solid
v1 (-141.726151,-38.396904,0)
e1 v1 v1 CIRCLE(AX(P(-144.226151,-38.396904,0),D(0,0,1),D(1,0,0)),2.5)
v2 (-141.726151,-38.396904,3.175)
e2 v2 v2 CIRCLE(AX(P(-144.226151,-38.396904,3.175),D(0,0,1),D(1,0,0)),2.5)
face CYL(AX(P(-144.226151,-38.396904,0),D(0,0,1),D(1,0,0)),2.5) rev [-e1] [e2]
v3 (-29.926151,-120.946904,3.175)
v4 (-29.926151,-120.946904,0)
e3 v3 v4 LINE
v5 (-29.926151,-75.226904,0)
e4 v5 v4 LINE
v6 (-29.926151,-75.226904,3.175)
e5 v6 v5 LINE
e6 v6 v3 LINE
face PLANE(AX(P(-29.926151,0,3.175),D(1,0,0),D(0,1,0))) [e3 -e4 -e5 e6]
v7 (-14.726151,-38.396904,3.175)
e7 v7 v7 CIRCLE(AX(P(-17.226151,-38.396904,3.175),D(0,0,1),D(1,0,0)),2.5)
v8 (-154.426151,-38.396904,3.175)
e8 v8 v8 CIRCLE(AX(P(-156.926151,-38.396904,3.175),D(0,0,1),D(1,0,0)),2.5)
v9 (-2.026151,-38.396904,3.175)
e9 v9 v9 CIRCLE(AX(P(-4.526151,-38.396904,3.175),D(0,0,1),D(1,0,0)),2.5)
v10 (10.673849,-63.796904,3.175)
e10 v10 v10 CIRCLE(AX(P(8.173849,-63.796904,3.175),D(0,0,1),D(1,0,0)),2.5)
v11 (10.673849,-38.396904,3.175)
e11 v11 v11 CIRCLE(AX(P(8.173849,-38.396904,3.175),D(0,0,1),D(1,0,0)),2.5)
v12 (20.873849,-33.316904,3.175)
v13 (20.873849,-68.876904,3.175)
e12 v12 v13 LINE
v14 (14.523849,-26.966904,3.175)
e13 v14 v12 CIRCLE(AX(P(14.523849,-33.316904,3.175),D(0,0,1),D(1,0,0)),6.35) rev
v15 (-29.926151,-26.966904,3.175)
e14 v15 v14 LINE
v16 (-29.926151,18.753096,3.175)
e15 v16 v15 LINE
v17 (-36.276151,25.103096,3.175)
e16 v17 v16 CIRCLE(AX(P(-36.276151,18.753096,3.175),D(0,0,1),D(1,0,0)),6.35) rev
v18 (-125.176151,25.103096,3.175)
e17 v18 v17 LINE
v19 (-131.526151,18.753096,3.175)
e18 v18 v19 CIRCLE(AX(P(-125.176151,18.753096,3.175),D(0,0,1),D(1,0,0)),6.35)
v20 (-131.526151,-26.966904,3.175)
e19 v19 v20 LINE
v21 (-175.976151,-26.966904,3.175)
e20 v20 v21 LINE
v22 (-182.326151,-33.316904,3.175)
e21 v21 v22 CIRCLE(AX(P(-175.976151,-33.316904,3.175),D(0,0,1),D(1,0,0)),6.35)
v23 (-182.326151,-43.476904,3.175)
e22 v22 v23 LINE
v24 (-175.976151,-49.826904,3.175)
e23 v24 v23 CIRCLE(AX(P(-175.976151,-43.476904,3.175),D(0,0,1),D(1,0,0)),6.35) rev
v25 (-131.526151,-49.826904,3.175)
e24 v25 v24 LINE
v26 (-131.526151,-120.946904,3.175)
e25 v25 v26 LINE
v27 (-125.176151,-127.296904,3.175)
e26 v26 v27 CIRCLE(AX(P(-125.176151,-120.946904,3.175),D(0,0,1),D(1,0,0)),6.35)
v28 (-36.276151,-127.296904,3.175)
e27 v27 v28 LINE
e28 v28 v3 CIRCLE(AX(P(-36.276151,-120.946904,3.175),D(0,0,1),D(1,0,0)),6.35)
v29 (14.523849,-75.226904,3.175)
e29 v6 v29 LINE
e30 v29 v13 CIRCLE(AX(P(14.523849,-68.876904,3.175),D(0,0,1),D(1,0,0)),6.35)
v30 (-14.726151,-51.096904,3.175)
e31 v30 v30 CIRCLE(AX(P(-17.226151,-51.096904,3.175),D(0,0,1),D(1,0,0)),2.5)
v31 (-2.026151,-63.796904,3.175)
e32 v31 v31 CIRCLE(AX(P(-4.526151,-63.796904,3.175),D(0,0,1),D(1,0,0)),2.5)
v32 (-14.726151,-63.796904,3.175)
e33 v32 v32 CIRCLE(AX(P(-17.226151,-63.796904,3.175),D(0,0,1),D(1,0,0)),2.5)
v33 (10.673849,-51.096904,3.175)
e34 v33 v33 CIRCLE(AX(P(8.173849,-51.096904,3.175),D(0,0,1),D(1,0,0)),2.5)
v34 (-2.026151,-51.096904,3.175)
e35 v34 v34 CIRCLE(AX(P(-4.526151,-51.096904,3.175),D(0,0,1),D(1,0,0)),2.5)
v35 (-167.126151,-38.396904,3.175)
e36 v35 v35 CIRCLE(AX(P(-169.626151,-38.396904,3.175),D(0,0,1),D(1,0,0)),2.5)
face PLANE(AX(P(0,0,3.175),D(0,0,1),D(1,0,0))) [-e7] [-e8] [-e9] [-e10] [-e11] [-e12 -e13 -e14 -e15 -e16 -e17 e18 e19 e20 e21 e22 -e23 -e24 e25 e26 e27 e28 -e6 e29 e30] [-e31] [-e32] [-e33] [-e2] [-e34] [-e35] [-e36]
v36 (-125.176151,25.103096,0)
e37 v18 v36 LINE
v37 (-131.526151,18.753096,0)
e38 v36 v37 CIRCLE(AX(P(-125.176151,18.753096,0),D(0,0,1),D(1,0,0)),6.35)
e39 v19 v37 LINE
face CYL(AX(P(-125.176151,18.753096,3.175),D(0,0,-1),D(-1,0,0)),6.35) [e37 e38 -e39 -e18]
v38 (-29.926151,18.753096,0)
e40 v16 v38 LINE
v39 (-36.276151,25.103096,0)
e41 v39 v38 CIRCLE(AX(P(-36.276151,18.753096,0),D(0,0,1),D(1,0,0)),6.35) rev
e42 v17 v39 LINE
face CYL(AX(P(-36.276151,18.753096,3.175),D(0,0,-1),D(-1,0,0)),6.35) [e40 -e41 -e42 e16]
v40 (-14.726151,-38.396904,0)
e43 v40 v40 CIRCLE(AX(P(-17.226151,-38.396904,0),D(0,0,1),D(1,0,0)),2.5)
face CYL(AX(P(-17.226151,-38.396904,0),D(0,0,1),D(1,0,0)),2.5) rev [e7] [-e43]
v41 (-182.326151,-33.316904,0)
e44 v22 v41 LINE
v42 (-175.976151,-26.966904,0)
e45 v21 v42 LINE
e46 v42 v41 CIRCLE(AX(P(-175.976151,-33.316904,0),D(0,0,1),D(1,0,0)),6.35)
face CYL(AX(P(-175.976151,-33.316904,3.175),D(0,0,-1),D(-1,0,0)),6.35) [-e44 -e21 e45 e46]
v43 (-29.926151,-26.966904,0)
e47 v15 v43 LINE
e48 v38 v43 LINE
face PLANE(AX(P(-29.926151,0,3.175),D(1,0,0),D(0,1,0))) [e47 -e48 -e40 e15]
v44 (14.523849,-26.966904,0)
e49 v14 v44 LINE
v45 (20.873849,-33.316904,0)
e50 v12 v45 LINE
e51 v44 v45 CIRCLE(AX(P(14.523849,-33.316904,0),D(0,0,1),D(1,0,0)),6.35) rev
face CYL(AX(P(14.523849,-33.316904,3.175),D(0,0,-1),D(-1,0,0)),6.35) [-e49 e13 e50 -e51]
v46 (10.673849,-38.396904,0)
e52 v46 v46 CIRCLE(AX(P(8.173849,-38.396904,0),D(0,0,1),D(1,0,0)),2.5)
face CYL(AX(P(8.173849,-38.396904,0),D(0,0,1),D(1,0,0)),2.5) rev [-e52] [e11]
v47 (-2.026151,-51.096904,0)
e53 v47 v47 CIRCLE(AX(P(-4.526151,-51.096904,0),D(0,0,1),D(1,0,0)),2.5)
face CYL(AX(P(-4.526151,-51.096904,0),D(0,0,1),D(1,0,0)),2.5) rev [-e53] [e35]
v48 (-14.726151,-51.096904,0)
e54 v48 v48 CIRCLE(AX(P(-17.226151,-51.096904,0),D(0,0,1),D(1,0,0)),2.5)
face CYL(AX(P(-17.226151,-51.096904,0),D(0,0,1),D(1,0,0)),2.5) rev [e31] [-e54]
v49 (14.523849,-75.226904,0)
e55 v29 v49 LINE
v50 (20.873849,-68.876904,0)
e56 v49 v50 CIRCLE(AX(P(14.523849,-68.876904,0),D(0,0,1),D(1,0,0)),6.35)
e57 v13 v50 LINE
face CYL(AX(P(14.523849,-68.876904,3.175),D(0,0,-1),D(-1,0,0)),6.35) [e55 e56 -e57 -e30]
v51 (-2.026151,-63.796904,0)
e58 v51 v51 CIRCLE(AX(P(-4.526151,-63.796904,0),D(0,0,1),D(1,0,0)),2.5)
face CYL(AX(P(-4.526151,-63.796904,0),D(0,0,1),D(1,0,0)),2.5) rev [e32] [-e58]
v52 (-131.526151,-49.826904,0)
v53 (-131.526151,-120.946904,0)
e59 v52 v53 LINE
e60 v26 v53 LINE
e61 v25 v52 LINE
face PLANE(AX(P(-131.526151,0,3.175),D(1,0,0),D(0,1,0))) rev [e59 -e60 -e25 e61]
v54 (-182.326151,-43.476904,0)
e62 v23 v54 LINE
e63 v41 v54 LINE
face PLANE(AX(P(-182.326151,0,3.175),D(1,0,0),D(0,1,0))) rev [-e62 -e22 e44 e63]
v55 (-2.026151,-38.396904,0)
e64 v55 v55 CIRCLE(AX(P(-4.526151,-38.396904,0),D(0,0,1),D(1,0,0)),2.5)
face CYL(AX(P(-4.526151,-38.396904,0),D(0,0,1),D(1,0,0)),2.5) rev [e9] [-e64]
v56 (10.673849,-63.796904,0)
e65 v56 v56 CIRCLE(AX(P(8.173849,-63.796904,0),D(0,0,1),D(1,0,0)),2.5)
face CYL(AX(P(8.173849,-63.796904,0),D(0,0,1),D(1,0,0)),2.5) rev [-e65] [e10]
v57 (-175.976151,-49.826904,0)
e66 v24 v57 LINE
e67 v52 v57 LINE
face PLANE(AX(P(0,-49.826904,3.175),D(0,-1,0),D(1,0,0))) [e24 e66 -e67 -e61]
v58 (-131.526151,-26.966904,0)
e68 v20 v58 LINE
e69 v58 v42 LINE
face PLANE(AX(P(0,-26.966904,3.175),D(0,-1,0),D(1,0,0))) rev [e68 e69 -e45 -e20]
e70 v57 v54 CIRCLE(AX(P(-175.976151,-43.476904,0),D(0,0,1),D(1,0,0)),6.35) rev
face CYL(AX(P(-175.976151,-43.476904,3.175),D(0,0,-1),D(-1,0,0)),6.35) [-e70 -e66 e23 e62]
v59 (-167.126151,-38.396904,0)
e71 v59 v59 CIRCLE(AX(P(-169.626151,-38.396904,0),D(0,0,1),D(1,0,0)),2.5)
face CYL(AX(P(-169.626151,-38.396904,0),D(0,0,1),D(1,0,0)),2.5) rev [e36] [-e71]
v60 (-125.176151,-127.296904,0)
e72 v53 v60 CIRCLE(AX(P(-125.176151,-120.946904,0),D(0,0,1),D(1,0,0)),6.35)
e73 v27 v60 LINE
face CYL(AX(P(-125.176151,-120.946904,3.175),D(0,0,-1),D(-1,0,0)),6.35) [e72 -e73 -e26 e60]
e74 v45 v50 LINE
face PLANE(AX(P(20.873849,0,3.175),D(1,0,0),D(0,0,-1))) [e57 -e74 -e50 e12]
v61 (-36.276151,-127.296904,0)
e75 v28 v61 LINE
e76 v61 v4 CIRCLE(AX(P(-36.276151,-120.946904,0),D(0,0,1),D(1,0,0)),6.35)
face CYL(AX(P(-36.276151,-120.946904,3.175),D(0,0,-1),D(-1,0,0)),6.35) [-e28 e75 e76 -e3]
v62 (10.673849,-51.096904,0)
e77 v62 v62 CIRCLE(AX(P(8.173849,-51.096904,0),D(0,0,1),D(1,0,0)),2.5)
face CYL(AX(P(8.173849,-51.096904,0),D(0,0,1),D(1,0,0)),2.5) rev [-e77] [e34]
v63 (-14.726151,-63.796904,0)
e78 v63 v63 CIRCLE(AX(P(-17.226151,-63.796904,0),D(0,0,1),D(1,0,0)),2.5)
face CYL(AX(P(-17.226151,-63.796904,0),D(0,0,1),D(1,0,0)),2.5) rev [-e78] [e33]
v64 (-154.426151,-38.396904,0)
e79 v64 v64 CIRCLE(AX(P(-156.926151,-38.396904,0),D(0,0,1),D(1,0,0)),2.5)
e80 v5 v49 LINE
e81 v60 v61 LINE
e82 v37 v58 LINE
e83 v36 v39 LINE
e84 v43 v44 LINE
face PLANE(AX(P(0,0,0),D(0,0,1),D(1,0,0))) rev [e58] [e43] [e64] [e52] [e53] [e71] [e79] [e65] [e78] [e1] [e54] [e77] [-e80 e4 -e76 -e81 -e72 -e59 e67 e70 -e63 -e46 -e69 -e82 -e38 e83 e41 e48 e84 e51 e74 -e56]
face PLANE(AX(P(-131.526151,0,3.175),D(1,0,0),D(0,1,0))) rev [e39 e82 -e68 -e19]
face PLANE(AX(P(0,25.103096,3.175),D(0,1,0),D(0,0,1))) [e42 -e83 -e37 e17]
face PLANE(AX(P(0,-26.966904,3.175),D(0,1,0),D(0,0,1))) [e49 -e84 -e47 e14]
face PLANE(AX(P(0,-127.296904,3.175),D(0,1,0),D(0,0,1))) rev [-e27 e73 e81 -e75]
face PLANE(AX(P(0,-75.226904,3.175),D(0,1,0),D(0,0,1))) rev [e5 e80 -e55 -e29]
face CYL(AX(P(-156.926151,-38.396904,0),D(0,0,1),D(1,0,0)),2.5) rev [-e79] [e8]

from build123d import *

# Parameters (mm, degrees)
BOSS_EXTRUDE1_DEPTH = 3.175
SKETCH2_R           = 2.5
CUT_EXTRUDE1_DEPTH  = 4.175


with BuildPart() as part:
    # Sketch1 → Boss-Extrude1 (new body)
    with BuildSketch(Plane.XY):
        with BuildLine():
            Line((-125.176151208, 25.103095989), (-36.276151208, 25.103095989))
            ThreePointArc((-36.276151208, 25.103095989), (-31.786023147, 23.24322405), (-29.926151208, 18.753095989))
            Line((-29.926151208, 18.753095989), (-29.926151208, -120.946904011))
            ThreePointArc((-29.926151208, -120.946904011), (-31.786023147, -125.437032071), (-36.276151208, -127.296904011))
            Line((-36.276151208, -127.296904011), (-125.176151208, -127.296904011))
            ThreePointArc((-125.176151208, -127.296904011), (-129.666279268, -125.437032071), (-131.526151208, -120.946904011))
            Line((-131.526151208, -120.946904011), (-131.526151208, 18.753095989))
            ThreePointArc((-131.526151208, 18.753095989), (-129.666279268, 23.24322405), (-125.176151208, 25.103095989))
        make_face()
        with BuildLine():
            Line((-131.526151208, -49.826904011), (-131.526151208, -26.966904011))
            Line((-131.526151208, -26.966904011), (-175.976151208, -26.966904011))
            ThreePointArc((-175.976151208, -26.966904011), (-180.466279268, -28.82677595), (-182.326151208, -33.316904011))
            Line((-182.326151208, -33.316904011), (-182.326151208, -43.476904011))
            ThreePointArc((-182.326151208, -43.476904011), (-180.466279268, -47.967032071), (-175.976151208, -49.826904011))
            Line((-175.976151208, -49.826904011), (-131.526151208, -49.826904011))
        make_face()
        with BuildLine():
            Line((14.523848792, -26.966904011), (-29.926151208, -26.966904011))
            Line((-29.926151208, -26.966904011), (-29.926151208, -75.226904011))
            Line((-29.926151208, -75.226904011), (14.523848792, -75.226904011))
            ThreePointArc((14.523848792, -75.226904011), (19.013976853, -73.367032071), (20.873848792, -68.876904011))
            Line((20.873848792, -68.876904011), (20.873848792, -33.316904011))
            ThreePointArc((20.873848792, -33.316904011), (19.013976853, -28.82677595), (14.523848792, -26.966904011))
        make_face()
    extrude(amount=BOSS_EXTRUDE1_DEPTH)

    # Sketch2 → Cut-Extrude1 (cut, through all)
    with BuildSketch(Plane.XY.offset(3.175)):
        with Locations((-169.626151208, -38.396904011)):
            Circle(SKETCH2_R)
        with Locations((8.173848792, -63.796904011)):
            Circle(SKETCH2_R)
        with Locations((-156.926151208, -38.396904011)):
            Circle(SKETCH2_R)
        with Locations((-144.226151208, -38.396904011)):
            Circle(SKETCH2_R)
        with Locations((-4.526151208, -63.796904011)):
            Circle(SKETCH2_R)
        with Locations((-17.226151208, -63.796904011)):
            Circle(SKETCH2_R)
        with Locations((-4.526151208, -51.096904011)):
            Circle(SKETCH2_R)
        with Locations((-17.226151208, -51.096904011)):
            Circle(SKETCH2_R)
        with Locations((-4.526151208, -38.396904011)):
            Circle(SKETCH2_R)
        with Locations((-17.226151208, -38.396904011)):
            Circle(SKETCH2_R)
        with Locations((8.173848792, -51.096904011)):
            Circle(SKETCH2_R)
        with Locations((8.173848792, -38.396904011)):
            Circle(SKETCH2_R)
    extrude(amount=-CUT_EXTRUDE1_DEPTH, mode=Mode.SUBTRACT)


solid = part.part
